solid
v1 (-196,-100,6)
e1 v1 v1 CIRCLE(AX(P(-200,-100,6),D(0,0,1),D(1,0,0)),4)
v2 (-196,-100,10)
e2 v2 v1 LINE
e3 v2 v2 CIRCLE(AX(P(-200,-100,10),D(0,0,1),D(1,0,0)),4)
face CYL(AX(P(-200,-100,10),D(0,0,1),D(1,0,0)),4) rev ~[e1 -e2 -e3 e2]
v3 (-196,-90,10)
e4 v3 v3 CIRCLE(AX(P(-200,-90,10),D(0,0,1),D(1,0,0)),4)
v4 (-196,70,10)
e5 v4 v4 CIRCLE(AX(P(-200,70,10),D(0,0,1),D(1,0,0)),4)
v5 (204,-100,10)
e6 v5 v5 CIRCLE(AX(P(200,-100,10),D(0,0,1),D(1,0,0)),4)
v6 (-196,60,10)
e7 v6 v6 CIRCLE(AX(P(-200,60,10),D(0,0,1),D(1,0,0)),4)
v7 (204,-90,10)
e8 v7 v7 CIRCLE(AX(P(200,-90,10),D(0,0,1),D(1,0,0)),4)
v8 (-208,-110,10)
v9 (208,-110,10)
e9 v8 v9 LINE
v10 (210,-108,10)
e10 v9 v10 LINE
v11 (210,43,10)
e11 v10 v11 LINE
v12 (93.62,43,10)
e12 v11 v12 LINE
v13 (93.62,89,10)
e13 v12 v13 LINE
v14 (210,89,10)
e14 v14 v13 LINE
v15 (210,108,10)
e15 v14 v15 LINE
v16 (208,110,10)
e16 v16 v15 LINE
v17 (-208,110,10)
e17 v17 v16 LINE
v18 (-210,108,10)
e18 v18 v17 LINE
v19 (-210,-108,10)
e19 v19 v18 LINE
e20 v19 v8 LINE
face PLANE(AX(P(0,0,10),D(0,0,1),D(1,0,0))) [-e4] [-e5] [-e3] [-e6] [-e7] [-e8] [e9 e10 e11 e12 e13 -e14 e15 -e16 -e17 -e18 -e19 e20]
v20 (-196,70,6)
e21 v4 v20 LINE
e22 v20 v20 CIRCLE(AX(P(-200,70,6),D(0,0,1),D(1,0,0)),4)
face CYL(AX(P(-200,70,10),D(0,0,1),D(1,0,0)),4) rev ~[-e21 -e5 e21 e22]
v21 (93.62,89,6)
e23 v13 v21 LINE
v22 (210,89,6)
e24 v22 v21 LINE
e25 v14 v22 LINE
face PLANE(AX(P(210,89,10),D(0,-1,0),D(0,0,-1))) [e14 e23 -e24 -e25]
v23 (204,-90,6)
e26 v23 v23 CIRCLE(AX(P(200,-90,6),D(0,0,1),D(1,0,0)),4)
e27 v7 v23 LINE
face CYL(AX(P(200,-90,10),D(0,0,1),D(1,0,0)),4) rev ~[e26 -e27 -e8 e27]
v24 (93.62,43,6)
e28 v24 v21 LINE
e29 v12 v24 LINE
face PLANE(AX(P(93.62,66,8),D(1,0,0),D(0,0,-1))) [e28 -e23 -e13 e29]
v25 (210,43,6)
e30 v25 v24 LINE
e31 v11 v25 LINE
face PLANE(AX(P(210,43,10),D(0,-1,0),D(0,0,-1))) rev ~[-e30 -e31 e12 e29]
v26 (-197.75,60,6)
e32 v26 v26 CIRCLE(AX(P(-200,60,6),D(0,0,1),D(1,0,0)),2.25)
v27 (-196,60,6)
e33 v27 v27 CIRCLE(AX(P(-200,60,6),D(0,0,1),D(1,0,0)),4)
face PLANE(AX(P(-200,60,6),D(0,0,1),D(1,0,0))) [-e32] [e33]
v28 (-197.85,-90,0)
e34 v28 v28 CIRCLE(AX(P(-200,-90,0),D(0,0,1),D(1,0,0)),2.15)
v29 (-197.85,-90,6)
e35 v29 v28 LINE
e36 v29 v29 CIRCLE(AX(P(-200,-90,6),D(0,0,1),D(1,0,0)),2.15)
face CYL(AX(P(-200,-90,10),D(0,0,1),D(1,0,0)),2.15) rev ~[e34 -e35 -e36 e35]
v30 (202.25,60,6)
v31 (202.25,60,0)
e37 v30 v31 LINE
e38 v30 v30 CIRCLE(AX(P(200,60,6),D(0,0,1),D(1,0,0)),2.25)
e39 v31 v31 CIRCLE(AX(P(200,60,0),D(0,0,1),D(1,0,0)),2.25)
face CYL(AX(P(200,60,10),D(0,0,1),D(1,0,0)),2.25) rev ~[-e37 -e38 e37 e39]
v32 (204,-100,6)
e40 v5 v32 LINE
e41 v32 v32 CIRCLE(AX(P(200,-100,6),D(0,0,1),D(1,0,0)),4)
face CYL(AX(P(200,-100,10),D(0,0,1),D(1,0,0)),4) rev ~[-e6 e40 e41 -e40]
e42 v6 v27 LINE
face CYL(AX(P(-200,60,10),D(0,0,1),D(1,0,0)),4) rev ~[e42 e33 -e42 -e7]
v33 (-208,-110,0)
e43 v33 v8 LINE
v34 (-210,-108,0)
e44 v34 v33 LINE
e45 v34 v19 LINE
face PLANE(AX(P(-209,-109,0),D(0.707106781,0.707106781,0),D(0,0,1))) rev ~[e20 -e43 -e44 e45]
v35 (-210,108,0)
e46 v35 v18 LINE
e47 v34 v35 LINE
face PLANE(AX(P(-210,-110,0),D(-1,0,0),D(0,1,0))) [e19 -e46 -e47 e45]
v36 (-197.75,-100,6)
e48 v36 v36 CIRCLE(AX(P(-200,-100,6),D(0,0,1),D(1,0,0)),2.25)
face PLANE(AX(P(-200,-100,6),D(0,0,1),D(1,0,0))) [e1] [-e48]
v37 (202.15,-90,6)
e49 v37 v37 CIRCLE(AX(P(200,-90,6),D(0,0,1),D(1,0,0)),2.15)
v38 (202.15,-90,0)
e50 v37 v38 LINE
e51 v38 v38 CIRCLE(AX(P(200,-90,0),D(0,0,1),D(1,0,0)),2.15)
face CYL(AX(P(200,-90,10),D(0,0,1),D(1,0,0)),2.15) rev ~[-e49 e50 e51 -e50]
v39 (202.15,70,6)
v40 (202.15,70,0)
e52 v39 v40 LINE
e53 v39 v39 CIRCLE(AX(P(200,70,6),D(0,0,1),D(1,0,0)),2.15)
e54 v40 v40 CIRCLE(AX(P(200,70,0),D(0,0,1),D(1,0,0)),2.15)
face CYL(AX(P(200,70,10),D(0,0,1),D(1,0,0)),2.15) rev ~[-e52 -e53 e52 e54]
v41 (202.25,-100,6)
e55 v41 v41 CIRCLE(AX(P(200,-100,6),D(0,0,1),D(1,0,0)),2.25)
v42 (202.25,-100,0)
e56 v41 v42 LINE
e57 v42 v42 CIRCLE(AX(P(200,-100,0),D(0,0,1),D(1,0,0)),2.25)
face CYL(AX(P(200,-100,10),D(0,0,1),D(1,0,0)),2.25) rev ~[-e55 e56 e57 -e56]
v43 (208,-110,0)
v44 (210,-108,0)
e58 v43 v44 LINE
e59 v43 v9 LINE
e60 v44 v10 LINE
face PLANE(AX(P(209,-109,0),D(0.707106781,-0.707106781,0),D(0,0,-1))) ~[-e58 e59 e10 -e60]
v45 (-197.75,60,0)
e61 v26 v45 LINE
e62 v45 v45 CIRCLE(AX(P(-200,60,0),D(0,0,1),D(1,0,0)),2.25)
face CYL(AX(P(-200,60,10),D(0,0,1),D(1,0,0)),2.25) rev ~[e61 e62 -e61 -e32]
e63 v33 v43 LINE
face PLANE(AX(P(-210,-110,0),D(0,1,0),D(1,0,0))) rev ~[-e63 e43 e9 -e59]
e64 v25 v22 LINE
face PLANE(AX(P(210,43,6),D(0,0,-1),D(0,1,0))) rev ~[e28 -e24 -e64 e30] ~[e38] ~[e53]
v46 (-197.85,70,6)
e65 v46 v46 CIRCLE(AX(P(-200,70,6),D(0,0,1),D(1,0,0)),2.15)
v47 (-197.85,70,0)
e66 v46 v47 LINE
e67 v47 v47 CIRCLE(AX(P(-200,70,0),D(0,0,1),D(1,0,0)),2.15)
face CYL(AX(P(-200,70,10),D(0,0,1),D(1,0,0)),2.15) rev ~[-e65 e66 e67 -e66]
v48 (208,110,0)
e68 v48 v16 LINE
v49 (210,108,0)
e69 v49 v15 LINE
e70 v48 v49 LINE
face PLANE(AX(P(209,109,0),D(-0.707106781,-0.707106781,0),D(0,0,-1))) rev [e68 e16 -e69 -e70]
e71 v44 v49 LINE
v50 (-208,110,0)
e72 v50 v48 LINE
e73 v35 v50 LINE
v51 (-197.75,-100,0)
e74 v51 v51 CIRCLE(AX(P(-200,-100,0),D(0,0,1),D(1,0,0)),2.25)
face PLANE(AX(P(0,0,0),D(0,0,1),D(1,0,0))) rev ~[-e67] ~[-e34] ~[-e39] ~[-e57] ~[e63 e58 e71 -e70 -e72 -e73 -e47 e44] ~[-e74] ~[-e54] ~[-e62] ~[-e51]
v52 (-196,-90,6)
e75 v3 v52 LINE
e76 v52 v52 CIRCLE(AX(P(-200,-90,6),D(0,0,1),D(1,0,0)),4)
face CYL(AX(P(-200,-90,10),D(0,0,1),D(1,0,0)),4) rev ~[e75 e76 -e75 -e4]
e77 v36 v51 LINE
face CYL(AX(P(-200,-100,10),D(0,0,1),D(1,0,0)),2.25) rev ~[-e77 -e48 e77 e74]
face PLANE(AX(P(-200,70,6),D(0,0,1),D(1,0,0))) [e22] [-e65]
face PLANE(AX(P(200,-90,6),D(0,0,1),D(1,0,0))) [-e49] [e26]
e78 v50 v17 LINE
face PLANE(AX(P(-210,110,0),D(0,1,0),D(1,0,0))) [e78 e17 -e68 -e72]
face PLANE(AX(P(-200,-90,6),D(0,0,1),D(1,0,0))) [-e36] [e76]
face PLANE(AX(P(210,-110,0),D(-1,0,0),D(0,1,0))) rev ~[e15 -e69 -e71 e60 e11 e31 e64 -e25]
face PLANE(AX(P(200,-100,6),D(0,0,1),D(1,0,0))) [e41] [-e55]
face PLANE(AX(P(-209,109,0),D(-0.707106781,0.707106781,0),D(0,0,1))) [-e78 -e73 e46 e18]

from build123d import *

# Parameters (mm, degrees)
SKETCH1_W           = 420
SKETCH1_H           = 220
BOSS_EXTRUDE1_DEPTH = 10
SKETCH2_R           = 2.25
CUT_EXTRUDE1_DEPTH  = 10
SKETCH3_R           = 4
CUT_EXTRUDE2_DEPTH  = 4
CHAMFER1_SIZE       = 2
SKETCH5_W           = 4
SKETCH5_H           = 46
CUT_EXTRUDE3_DEPTH  = 116.38
SKETCH7_R           = 2.15
CUT_EXTRUDE4_DEPTH  = 11
SKETCH8_R           = 4
CUT_EXTRUDE5_DEPTH  = 4


with BuildPart() as part:
    # Sketch1 → Boss-Extrude1 (new body)
    with BuildSketch(Plane.XY):
        Rectangle(SKETCH1_W, SKETCH1_H)
    extrude(amount=BOSS_EXTRUDE1_DEPTH)

    # Sketch2 → Cut-Extrude1 (cut)
    with BuildSketch(Plane.XY.offset(10)):
        with Locations((-200, 60)):
            Circle(SKETCH2_R)
        with Locations((200, 60)):
            Circle(SKETCH2_R)
        with Locations((200, -100)):
            Circle(SKETCH2_R)
        with Locations((-200, -100)):
            Circle(SKETCH2_R)
    extrude(amount=-CUT_EXTRUDE1_DEPTH, mode=Mode.SUBTRACT)

    # Sketch3 → Cut-Extrude2 (cut)
    with BuildSketch(Plane.XY.offset(10)):
        with Locations((-200, 60)):
            Circle(SKETCH3_R)
        with Locations((-200, -100)):
            Circle(SKETCH3_R)
        with Locations((200, 60)):
            Circle(SKETCH3_R)
        with Locations((200, -100)):
            Circle(SKETCH3_R)
    extrude(amount=-CUT_EXTRUDE2_DEPTH, mode=Mode.SUBTRACT)

    # Chamfer1
    chamfer1_edges = [part.edges().sort_by_distance(p)[0] for p in [
        (210, -110, 5),
        (-210, -110, 5),
        (-210, 110, 5),
        (210, 110, 5),
    ]]
    chamfer(chamfer1_edges, length=CHAMFER1_SIZE)

    # Sketch5 → Cut-Extrude3 (cut)
    with BuildSketch(Plane(origin=(210, 0, 0), x_dir=(0, 0, -1), z_dir=(1, 0, 0))):
        with Locations((-8, 66)):
            Rectangle(SKETCH5_W, SKETCH5_H)
    extrude(amount=-CUT_EXTRUDE3_DEPTH, mode=Mode.SUBTRACT)

    # Sketch7 → Cut-Extrude4 (cut, through all)
    with BuildSketch(Plane.XY.offset(10)):
        with Locations((200, -90)):
            Circle(SKETCH7_R)
        with Locations((200, 70)):
            Circle(SKETCH7_R)
        with Locations((-200, -90)):
            Circle(SKETCH7_R)
        with Locations((-200, 70)):
            Circle(SKETCH7_R)
    extrude(amount=-CUT_EXTRUDE4_DEPTH, mode=Mode.SUBTRACT)

    # Sketch8 → Cut-Extrude5 (cut)
    with BuildSketch(Plane.XY.offset(10)):
        with Locations((-200, 70)):
            Circle(SKETCH8_R)
        with Locations((-200, -90)):
            Circle(SKETCH8_R)
        with Locations((200, -90)):
            Circle(SKETCH8_R)
    extrude(amount=-CUT_EXTRUDE5_DEPTH, mode=Mode.SUBTRACT)


solid = part.part
